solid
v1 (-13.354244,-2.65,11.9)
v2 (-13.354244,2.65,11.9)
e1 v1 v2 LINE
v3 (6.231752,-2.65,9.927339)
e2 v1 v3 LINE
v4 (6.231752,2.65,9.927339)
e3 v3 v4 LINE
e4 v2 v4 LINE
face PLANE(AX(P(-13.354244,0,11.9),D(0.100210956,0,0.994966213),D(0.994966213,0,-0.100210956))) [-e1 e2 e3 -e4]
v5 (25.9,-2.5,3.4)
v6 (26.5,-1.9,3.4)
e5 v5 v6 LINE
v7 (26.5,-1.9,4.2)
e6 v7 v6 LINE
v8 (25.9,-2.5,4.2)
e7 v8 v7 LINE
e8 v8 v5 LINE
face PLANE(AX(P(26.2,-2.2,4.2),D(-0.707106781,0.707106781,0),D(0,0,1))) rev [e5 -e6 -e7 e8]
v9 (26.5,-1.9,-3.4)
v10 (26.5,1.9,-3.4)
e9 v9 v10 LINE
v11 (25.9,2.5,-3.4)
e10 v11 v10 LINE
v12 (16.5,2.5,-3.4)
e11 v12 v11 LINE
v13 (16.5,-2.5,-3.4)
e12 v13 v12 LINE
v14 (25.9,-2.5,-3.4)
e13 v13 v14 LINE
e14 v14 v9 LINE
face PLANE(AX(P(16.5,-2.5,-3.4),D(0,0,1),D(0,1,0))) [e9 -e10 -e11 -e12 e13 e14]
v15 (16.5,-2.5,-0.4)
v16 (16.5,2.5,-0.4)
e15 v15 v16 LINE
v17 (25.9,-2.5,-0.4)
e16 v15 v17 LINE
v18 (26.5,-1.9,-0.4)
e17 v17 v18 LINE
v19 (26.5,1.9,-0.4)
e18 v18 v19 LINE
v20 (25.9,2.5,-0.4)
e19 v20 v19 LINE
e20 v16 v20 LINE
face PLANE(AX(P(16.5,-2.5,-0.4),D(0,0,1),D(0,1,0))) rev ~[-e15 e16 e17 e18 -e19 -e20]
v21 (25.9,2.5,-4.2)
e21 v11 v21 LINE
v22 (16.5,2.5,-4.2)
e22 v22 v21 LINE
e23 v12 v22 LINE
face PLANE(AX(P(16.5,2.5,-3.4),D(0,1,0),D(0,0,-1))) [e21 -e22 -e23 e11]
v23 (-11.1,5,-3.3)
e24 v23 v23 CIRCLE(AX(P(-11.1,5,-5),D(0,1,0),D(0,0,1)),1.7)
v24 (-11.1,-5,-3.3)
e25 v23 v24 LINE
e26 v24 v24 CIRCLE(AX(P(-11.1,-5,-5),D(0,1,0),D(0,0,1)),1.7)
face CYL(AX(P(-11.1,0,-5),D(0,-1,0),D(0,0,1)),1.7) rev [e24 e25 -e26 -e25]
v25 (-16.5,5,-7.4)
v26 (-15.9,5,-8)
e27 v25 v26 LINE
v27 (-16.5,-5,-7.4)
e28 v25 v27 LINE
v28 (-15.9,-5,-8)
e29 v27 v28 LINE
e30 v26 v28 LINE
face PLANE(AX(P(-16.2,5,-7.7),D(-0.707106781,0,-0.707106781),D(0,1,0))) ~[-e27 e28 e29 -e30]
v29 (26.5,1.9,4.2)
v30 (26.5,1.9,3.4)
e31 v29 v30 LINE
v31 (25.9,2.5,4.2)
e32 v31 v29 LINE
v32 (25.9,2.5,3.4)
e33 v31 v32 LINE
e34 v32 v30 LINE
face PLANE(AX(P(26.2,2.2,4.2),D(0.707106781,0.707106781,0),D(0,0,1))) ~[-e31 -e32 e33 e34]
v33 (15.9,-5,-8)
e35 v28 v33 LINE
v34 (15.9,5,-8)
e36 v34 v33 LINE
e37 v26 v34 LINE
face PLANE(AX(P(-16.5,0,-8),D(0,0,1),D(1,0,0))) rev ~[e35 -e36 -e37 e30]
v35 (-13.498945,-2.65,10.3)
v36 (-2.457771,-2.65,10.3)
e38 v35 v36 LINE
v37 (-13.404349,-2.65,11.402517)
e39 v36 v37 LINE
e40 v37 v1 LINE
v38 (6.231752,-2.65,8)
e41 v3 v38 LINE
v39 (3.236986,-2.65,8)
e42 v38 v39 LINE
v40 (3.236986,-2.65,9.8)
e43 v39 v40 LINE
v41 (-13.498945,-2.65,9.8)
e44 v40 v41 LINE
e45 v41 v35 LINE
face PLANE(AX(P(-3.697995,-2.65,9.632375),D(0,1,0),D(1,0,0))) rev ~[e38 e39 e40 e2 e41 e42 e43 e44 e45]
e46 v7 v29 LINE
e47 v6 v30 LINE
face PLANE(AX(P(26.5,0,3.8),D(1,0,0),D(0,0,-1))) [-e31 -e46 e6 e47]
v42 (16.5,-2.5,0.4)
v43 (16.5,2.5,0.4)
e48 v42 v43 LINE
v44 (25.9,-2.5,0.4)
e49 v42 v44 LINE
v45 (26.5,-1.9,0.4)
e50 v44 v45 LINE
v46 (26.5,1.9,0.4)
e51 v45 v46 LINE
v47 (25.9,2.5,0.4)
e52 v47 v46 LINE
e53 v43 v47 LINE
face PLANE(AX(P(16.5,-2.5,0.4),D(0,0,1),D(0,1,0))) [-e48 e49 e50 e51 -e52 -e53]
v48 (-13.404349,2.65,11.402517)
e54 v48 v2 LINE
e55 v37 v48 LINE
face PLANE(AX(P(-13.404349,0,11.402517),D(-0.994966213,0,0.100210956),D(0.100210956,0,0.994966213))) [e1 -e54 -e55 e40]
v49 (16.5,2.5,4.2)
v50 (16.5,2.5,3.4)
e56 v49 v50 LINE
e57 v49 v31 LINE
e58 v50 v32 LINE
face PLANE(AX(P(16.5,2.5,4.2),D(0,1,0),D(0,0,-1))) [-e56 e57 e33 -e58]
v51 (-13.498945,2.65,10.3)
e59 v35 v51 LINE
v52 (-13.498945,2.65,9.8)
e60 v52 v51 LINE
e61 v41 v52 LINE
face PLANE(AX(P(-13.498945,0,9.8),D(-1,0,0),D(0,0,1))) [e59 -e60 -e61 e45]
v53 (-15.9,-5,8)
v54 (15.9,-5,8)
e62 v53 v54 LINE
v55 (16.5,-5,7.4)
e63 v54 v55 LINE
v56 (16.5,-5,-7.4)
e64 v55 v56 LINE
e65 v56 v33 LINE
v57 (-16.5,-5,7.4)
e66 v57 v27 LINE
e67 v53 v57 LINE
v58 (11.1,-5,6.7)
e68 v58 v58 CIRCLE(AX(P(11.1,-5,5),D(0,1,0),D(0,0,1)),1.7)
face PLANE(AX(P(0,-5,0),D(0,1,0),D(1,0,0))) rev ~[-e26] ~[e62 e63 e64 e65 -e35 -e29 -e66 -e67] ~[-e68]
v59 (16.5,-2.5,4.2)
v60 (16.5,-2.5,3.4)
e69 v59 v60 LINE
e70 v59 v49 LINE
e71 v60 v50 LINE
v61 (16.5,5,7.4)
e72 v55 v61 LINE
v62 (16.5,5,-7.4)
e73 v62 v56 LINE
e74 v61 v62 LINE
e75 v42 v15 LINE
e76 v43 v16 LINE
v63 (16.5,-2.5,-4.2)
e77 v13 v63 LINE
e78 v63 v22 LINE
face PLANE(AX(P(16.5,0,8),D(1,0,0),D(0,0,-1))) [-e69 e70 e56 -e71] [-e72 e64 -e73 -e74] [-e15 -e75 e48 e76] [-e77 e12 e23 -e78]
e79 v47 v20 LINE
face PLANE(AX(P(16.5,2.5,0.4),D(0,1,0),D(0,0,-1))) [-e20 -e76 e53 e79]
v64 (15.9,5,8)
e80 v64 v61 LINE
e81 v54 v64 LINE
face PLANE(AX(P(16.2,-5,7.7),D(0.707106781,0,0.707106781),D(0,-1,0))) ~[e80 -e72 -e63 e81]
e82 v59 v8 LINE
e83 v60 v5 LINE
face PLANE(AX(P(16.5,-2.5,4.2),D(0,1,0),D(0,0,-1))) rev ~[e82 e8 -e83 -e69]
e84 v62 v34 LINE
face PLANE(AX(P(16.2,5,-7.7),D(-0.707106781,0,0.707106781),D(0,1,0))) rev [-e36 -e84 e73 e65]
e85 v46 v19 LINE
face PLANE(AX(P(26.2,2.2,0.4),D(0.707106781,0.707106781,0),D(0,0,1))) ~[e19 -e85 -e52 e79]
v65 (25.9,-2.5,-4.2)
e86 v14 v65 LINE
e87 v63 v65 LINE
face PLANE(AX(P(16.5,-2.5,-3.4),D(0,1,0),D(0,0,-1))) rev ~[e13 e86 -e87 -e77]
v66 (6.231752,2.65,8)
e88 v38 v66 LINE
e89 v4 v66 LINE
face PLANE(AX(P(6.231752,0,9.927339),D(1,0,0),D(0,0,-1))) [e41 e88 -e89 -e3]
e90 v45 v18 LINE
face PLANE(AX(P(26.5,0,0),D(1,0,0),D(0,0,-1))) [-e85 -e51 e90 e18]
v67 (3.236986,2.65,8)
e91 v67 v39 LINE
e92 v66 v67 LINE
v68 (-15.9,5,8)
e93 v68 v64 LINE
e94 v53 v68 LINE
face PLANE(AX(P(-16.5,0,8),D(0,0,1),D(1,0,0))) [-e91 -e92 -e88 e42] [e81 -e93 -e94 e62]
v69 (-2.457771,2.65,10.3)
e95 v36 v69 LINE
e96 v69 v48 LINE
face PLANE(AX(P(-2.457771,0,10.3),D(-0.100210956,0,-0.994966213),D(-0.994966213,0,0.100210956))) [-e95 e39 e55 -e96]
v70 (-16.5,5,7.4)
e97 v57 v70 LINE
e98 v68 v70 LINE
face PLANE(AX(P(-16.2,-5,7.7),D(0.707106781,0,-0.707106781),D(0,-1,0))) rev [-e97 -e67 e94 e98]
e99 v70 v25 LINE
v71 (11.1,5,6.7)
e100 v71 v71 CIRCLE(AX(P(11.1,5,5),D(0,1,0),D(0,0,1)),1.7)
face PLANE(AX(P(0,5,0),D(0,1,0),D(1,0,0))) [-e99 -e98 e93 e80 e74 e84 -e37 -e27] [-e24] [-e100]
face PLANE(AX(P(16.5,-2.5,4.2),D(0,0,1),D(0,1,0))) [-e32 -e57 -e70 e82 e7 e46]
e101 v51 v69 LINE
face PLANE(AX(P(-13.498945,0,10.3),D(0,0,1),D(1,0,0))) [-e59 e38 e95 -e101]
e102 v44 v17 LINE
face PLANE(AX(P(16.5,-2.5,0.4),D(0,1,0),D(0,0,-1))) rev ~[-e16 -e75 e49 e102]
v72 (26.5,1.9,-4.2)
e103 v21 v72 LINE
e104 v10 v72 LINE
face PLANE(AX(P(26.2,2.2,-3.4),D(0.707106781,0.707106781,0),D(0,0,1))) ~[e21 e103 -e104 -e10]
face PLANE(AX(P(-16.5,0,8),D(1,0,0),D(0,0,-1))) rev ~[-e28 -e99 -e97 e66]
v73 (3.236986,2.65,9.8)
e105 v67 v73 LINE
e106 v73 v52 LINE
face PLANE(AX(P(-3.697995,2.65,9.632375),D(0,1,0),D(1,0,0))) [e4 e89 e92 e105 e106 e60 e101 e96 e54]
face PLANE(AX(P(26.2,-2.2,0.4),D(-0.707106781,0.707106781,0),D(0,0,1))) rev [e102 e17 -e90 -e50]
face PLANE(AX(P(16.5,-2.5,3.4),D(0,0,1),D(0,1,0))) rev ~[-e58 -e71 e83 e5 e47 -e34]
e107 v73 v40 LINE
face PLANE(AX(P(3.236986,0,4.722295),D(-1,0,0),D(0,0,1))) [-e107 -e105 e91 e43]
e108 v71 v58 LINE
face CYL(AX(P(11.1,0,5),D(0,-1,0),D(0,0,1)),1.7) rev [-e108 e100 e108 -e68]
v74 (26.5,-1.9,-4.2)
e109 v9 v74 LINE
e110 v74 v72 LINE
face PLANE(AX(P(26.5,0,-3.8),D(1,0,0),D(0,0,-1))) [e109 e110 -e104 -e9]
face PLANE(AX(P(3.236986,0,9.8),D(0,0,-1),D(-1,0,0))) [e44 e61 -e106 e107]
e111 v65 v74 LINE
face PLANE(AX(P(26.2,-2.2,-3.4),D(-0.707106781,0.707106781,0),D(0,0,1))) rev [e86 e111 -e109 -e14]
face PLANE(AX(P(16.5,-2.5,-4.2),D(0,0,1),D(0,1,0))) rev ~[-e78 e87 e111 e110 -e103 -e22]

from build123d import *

# Parameters (mm, degrees)
SKETCH_1_W      = 33
SKETCH_1_H      = 16
SKETCH_1_R      = 1.7
EXTRUDE_1_DEPTH = 5
EXTRUDE_2_DEPTH = 2.65
SKETCH_3_W      = 0.8
SKETCH_3_H      = 5
EXTRUDE_3_DEPTH = 10
CHAMFER_1_SIZE  = 0.6


with BuildPart() as part:
    # 草图1 → 凸台-拉伸1 (new, symmetric)
    with BuildSketch(Plane(origin=(0, 0, 0), x_dir=(1, 0, 0), z_dir=(0, 1, 0))):
        Rectangle(SKETCH_1_W, SKETCH_1_H)
        with Locations(Location((-11.1, 5, 0), (0, 0, 270))):
            Circle(SKETCH_1_R, mode=Mode.SUBTRACT)
        with Locations(Location((11.1, -5, 0), (0, 0, 270))):
            Circle(SKETCH_1_R, mode=Mode.SUBTRACT)
    extrude(amount=EXTRUDE_1_DEPTH, both=True)

    # 草图2 → 凸台-拉伸2 (add, symmetric)
    with BuildSketch(Plane(origin=(0, 0, 0), x_dir=(1, 0, 0), z_dir=(0, 1, 0))):
        with BuildLine():
            Line((3.236985687, -9.8), (-13.498945121, -9.8))
            Line((-13.498945121, -9.8), (-13.498945121, -10.3))
            Line((-13.498945121, -10.3), (-2.457771256, -10.3))
            Line((-2.457771256, -10.3), (-13.404349416, -11.402516894))
            Line((-13.404349416, -11.402516894), (-13.354243938, -11.9))
            Line((-13.354243938, -11.9), (6.231752422, -9.92733863))
            Line((6.231752422, -9.92733863), (6.231752422, -4.606941304))
            ThreePointArc((6.231752422, -4.606941304), (4.679221154, -3.232884233), (3.236985687, -4.72229453))
            Line((3.236985687, -4.72229453), (3.236985687, -9.8))
        make_face()
    extrude(amount=EXTRUDE_2_DEPTH, both=True)

    # 草图3 → 凸台-拉伸3 (add)
    with BuildSketch(Plane(origin=(16.5, 0, 0), x_dir=(0, 0, -1), z_dir=(1, 0, 0))):
        with Locations((-3.8, 0)):
            Rectangle(SKETCH_3_W, SKETCH_3_H)
        Rectangle(SKETCH_3_W, SKETCH_3_H)
        with Locations((3.8, 0)):
            Rectangle(SKETCH_3_W, SKETCH_3_H)
    extrude(amount=EXTRUDE_3_DEPTH)

    # 倒角1
    chamfer_1_edges = [part.edges().sort_by_distance(p)[0] for p in [
        (26.5, -2.5, 3.8),
        (26.5, 2.5, 3.8),
        (26.5, -2.5, 0),
        (26.5, 2.5, 0),
        (-16.5, 0, -8),
        (26.5, -2.5, -3.8),
        (16.5, 0, -8),
        (26.5, 2.5, -3.8),
        (16.5, 0, 8),
        (-16.5, 0, 8),
    ]]
    chamfer(chamfer_1_edges, length=CHAMFER_1_SIZE)


solid = part.part
